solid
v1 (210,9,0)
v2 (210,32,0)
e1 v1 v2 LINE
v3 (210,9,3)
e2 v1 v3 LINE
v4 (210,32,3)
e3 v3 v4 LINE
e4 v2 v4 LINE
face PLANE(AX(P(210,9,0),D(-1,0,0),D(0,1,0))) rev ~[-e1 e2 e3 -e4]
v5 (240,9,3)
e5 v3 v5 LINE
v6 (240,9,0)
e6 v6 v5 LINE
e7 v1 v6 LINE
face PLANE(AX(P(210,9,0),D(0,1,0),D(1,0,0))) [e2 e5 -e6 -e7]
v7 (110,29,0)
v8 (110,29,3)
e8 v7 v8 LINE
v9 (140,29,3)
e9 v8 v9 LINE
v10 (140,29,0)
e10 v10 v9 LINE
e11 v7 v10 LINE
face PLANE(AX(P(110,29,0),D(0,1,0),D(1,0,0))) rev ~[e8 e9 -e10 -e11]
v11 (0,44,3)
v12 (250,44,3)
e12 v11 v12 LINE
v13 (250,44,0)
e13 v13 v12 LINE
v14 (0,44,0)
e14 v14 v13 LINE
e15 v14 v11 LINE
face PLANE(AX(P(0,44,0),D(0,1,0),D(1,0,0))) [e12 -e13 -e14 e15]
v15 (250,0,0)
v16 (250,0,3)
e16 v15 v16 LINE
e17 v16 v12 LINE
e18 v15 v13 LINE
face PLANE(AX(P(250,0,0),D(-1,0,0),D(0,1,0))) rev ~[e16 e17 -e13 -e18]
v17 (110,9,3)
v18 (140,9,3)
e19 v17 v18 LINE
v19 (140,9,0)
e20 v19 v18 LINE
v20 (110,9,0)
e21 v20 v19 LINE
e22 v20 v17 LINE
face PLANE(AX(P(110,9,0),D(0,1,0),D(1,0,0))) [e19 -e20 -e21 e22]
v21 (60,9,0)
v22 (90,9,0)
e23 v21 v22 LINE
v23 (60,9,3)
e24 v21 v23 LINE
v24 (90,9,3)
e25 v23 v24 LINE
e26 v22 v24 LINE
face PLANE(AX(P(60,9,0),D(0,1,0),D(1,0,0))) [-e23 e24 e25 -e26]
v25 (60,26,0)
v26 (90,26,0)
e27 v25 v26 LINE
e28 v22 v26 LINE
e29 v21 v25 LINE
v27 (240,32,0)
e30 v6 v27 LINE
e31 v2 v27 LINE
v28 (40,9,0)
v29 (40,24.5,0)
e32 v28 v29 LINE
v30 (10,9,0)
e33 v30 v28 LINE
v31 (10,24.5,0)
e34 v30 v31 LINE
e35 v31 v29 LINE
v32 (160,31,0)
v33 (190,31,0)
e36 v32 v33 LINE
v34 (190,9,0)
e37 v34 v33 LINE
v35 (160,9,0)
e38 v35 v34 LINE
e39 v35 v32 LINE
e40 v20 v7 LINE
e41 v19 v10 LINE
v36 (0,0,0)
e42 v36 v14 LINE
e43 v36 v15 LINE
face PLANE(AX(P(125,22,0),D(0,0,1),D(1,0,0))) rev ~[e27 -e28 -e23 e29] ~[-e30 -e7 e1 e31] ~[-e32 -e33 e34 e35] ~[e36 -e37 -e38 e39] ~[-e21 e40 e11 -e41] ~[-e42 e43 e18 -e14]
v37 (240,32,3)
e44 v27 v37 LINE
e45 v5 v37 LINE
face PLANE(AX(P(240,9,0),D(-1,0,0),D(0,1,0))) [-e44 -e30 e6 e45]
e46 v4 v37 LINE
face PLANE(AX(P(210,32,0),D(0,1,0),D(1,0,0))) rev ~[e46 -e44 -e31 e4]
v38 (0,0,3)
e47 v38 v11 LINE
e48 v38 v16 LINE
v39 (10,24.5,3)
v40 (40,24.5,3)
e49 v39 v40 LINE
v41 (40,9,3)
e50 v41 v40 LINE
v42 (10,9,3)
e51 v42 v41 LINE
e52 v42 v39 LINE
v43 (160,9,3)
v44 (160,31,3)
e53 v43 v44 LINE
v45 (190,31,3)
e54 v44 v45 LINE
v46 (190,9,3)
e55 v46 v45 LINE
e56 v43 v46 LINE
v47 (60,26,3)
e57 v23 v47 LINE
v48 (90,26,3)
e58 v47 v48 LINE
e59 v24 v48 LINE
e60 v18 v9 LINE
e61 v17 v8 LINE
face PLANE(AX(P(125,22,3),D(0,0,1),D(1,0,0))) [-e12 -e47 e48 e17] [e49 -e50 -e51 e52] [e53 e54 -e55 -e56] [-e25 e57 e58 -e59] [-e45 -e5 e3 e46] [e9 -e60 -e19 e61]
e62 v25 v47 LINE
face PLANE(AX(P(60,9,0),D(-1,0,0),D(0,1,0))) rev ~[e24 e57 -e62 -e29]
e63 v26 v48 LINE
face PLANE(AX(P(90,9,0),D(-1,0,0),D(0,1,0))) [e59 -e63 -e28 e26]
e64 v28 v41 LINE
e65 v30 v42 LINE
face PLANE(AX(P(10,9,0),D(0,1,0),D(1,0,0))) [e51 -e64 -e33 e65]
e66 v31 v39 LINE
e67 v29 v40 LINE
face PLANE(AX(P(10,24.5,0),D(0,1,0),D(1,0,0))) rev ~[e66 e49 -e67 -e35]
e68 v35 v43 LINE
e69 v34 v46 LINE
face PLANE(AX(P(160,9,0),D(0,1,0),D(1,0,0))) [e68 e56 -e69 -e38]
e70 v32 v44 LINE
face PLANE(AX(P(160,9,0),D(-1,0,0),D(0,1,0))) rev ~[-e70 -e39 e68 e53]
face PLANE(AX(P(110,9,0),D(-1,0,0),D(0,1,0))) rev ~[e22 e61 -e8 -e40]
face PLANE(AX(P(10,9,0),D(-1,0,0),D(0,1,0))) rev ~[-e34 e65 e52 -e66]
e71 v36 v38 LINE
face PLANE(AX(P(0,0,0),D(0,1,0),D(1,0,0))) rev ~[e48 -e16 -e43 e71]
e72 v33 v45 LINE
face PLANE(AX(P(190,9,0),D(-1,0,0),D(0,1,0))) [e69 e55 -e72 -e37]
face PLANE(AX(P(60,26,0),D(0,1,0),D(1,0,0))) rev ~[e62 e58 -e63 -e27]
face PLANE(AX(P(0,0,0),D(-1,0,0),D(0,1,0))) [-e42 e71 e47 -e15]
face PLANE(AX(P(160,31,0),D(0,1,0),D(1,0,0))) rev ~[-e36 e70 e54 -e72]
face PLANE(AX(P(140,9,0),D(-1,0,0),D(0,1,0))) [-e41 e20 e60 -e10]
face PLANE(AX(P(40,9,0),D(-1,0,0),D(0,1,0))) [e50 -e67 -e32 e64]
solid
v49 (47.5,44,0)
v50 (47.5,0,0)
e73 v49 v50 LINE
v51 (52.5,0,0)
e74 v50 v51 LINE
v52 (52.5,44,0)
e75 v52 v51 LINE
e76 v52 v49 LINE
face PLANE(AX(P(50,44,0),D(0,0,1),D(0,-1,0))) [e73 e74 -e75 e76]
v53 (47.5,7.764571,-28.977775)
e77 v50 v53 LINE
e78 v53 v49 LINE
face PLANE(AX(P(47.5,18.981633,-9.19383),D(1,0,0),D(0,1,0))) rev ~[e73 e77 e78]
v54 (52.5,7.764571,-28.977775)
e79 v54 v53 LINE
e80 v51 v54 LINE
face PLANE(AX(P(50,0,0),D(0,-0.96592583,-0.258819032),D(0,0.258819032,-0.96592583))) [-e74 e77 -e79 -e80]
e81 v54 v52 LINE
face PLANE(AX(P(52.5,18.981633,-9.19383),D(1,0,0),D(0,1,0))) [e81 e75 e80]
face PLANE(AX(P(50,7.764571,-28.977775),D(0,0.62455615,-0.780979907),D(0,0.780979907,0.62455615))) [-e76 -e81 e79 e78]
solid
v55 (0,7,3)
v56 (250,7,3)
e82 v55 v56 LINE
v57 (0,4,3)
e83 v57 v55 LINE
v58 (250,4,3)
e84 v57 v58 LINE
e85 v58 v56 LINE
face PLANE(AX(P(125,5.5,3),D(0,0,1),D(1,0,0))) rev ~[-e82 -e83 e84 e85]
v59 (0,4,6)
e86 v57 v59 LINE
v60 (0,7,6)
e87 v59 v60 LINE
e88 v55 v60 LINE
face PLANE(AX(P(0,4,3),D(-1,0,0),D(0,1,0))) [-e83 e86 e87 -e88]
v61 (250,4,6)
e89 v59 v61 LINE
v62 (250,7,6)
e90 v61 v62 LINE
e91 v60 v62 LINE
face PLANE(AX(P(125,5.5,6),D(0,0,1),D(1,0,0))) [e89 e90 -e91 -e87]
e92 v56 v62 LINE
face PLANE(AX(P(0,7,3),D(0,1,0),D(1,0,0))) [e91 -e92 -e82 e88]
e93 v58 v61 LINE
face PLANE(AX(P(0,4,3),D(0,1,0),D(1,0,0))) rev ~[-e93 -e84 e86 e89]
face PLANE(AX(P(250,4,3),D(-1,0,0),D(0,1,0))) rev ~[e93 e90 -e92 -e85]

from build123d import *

# Parameters (mm, degrees)
F0_W     = 250
F0_H     = 44
F0_W_2   = 30
F0_H_2   = 15.5
F0_H_3   = 17
F0_H_4   = 20
F0_H_5   = 22
F0_H_6   = 23
F1_DEPTH = 3
F2_W     = 250
F2_H     = 3
F3_DEPTH = 3
F6_DEPTH = 2.5


with BuildPart() as f1:
    # F0 (on Top) → F1 (new body)
    with BuildSketch(Plane.XY):
        with Locations((125, 22)):
            Rectangle(F0_W, F0_H)
        with Locations((25, 16.75)):
            Rectangle(F0_W_2, F0_H_2, mode=Mode.SUBTRACT)
        with Locations((75, 17.5)):
            Rectangle(F0_W_2, F0_H_3, mode=Mode.SUBTRACT)
        with Locations((125, 19)):
            Rectangle(F0_W_2, F0_H_4, mode=Mode.SUBTRACT)
        with Locations((175, 20)):
            Rectangle(F0_W_2, F0_H_5, mode=Mode.SUBTRACT)
        with Locations((225, 20.5)):
            Rectangle(F0_W_2, F0_H_6, mode=Mode.SUBTRACT)
    extrude(amount=F1_DEPTH)


with BuildPart() as f3:
    # F2 (on face) → F3 (new body)
    with BuildSketch(Plane.XY.offset(3)):
        with Locations((125, 5.5)):
            Rectangle(F2_W, F2_H)
    extrude(amount=F3_DEPTH)


with BuildPart() as f6:
    # F5 (on offset) → F6 (new body, symmetric)
    with BuildSketch(Plane.YZ.offset(50)):
        Polygon((44, 0), (0, 0), (7.764571, -28.977775), align=None)
    extrude(amount=F6_DEPTH, both=True)


solid = Compound([f1.part, f3.part, f6.part])
